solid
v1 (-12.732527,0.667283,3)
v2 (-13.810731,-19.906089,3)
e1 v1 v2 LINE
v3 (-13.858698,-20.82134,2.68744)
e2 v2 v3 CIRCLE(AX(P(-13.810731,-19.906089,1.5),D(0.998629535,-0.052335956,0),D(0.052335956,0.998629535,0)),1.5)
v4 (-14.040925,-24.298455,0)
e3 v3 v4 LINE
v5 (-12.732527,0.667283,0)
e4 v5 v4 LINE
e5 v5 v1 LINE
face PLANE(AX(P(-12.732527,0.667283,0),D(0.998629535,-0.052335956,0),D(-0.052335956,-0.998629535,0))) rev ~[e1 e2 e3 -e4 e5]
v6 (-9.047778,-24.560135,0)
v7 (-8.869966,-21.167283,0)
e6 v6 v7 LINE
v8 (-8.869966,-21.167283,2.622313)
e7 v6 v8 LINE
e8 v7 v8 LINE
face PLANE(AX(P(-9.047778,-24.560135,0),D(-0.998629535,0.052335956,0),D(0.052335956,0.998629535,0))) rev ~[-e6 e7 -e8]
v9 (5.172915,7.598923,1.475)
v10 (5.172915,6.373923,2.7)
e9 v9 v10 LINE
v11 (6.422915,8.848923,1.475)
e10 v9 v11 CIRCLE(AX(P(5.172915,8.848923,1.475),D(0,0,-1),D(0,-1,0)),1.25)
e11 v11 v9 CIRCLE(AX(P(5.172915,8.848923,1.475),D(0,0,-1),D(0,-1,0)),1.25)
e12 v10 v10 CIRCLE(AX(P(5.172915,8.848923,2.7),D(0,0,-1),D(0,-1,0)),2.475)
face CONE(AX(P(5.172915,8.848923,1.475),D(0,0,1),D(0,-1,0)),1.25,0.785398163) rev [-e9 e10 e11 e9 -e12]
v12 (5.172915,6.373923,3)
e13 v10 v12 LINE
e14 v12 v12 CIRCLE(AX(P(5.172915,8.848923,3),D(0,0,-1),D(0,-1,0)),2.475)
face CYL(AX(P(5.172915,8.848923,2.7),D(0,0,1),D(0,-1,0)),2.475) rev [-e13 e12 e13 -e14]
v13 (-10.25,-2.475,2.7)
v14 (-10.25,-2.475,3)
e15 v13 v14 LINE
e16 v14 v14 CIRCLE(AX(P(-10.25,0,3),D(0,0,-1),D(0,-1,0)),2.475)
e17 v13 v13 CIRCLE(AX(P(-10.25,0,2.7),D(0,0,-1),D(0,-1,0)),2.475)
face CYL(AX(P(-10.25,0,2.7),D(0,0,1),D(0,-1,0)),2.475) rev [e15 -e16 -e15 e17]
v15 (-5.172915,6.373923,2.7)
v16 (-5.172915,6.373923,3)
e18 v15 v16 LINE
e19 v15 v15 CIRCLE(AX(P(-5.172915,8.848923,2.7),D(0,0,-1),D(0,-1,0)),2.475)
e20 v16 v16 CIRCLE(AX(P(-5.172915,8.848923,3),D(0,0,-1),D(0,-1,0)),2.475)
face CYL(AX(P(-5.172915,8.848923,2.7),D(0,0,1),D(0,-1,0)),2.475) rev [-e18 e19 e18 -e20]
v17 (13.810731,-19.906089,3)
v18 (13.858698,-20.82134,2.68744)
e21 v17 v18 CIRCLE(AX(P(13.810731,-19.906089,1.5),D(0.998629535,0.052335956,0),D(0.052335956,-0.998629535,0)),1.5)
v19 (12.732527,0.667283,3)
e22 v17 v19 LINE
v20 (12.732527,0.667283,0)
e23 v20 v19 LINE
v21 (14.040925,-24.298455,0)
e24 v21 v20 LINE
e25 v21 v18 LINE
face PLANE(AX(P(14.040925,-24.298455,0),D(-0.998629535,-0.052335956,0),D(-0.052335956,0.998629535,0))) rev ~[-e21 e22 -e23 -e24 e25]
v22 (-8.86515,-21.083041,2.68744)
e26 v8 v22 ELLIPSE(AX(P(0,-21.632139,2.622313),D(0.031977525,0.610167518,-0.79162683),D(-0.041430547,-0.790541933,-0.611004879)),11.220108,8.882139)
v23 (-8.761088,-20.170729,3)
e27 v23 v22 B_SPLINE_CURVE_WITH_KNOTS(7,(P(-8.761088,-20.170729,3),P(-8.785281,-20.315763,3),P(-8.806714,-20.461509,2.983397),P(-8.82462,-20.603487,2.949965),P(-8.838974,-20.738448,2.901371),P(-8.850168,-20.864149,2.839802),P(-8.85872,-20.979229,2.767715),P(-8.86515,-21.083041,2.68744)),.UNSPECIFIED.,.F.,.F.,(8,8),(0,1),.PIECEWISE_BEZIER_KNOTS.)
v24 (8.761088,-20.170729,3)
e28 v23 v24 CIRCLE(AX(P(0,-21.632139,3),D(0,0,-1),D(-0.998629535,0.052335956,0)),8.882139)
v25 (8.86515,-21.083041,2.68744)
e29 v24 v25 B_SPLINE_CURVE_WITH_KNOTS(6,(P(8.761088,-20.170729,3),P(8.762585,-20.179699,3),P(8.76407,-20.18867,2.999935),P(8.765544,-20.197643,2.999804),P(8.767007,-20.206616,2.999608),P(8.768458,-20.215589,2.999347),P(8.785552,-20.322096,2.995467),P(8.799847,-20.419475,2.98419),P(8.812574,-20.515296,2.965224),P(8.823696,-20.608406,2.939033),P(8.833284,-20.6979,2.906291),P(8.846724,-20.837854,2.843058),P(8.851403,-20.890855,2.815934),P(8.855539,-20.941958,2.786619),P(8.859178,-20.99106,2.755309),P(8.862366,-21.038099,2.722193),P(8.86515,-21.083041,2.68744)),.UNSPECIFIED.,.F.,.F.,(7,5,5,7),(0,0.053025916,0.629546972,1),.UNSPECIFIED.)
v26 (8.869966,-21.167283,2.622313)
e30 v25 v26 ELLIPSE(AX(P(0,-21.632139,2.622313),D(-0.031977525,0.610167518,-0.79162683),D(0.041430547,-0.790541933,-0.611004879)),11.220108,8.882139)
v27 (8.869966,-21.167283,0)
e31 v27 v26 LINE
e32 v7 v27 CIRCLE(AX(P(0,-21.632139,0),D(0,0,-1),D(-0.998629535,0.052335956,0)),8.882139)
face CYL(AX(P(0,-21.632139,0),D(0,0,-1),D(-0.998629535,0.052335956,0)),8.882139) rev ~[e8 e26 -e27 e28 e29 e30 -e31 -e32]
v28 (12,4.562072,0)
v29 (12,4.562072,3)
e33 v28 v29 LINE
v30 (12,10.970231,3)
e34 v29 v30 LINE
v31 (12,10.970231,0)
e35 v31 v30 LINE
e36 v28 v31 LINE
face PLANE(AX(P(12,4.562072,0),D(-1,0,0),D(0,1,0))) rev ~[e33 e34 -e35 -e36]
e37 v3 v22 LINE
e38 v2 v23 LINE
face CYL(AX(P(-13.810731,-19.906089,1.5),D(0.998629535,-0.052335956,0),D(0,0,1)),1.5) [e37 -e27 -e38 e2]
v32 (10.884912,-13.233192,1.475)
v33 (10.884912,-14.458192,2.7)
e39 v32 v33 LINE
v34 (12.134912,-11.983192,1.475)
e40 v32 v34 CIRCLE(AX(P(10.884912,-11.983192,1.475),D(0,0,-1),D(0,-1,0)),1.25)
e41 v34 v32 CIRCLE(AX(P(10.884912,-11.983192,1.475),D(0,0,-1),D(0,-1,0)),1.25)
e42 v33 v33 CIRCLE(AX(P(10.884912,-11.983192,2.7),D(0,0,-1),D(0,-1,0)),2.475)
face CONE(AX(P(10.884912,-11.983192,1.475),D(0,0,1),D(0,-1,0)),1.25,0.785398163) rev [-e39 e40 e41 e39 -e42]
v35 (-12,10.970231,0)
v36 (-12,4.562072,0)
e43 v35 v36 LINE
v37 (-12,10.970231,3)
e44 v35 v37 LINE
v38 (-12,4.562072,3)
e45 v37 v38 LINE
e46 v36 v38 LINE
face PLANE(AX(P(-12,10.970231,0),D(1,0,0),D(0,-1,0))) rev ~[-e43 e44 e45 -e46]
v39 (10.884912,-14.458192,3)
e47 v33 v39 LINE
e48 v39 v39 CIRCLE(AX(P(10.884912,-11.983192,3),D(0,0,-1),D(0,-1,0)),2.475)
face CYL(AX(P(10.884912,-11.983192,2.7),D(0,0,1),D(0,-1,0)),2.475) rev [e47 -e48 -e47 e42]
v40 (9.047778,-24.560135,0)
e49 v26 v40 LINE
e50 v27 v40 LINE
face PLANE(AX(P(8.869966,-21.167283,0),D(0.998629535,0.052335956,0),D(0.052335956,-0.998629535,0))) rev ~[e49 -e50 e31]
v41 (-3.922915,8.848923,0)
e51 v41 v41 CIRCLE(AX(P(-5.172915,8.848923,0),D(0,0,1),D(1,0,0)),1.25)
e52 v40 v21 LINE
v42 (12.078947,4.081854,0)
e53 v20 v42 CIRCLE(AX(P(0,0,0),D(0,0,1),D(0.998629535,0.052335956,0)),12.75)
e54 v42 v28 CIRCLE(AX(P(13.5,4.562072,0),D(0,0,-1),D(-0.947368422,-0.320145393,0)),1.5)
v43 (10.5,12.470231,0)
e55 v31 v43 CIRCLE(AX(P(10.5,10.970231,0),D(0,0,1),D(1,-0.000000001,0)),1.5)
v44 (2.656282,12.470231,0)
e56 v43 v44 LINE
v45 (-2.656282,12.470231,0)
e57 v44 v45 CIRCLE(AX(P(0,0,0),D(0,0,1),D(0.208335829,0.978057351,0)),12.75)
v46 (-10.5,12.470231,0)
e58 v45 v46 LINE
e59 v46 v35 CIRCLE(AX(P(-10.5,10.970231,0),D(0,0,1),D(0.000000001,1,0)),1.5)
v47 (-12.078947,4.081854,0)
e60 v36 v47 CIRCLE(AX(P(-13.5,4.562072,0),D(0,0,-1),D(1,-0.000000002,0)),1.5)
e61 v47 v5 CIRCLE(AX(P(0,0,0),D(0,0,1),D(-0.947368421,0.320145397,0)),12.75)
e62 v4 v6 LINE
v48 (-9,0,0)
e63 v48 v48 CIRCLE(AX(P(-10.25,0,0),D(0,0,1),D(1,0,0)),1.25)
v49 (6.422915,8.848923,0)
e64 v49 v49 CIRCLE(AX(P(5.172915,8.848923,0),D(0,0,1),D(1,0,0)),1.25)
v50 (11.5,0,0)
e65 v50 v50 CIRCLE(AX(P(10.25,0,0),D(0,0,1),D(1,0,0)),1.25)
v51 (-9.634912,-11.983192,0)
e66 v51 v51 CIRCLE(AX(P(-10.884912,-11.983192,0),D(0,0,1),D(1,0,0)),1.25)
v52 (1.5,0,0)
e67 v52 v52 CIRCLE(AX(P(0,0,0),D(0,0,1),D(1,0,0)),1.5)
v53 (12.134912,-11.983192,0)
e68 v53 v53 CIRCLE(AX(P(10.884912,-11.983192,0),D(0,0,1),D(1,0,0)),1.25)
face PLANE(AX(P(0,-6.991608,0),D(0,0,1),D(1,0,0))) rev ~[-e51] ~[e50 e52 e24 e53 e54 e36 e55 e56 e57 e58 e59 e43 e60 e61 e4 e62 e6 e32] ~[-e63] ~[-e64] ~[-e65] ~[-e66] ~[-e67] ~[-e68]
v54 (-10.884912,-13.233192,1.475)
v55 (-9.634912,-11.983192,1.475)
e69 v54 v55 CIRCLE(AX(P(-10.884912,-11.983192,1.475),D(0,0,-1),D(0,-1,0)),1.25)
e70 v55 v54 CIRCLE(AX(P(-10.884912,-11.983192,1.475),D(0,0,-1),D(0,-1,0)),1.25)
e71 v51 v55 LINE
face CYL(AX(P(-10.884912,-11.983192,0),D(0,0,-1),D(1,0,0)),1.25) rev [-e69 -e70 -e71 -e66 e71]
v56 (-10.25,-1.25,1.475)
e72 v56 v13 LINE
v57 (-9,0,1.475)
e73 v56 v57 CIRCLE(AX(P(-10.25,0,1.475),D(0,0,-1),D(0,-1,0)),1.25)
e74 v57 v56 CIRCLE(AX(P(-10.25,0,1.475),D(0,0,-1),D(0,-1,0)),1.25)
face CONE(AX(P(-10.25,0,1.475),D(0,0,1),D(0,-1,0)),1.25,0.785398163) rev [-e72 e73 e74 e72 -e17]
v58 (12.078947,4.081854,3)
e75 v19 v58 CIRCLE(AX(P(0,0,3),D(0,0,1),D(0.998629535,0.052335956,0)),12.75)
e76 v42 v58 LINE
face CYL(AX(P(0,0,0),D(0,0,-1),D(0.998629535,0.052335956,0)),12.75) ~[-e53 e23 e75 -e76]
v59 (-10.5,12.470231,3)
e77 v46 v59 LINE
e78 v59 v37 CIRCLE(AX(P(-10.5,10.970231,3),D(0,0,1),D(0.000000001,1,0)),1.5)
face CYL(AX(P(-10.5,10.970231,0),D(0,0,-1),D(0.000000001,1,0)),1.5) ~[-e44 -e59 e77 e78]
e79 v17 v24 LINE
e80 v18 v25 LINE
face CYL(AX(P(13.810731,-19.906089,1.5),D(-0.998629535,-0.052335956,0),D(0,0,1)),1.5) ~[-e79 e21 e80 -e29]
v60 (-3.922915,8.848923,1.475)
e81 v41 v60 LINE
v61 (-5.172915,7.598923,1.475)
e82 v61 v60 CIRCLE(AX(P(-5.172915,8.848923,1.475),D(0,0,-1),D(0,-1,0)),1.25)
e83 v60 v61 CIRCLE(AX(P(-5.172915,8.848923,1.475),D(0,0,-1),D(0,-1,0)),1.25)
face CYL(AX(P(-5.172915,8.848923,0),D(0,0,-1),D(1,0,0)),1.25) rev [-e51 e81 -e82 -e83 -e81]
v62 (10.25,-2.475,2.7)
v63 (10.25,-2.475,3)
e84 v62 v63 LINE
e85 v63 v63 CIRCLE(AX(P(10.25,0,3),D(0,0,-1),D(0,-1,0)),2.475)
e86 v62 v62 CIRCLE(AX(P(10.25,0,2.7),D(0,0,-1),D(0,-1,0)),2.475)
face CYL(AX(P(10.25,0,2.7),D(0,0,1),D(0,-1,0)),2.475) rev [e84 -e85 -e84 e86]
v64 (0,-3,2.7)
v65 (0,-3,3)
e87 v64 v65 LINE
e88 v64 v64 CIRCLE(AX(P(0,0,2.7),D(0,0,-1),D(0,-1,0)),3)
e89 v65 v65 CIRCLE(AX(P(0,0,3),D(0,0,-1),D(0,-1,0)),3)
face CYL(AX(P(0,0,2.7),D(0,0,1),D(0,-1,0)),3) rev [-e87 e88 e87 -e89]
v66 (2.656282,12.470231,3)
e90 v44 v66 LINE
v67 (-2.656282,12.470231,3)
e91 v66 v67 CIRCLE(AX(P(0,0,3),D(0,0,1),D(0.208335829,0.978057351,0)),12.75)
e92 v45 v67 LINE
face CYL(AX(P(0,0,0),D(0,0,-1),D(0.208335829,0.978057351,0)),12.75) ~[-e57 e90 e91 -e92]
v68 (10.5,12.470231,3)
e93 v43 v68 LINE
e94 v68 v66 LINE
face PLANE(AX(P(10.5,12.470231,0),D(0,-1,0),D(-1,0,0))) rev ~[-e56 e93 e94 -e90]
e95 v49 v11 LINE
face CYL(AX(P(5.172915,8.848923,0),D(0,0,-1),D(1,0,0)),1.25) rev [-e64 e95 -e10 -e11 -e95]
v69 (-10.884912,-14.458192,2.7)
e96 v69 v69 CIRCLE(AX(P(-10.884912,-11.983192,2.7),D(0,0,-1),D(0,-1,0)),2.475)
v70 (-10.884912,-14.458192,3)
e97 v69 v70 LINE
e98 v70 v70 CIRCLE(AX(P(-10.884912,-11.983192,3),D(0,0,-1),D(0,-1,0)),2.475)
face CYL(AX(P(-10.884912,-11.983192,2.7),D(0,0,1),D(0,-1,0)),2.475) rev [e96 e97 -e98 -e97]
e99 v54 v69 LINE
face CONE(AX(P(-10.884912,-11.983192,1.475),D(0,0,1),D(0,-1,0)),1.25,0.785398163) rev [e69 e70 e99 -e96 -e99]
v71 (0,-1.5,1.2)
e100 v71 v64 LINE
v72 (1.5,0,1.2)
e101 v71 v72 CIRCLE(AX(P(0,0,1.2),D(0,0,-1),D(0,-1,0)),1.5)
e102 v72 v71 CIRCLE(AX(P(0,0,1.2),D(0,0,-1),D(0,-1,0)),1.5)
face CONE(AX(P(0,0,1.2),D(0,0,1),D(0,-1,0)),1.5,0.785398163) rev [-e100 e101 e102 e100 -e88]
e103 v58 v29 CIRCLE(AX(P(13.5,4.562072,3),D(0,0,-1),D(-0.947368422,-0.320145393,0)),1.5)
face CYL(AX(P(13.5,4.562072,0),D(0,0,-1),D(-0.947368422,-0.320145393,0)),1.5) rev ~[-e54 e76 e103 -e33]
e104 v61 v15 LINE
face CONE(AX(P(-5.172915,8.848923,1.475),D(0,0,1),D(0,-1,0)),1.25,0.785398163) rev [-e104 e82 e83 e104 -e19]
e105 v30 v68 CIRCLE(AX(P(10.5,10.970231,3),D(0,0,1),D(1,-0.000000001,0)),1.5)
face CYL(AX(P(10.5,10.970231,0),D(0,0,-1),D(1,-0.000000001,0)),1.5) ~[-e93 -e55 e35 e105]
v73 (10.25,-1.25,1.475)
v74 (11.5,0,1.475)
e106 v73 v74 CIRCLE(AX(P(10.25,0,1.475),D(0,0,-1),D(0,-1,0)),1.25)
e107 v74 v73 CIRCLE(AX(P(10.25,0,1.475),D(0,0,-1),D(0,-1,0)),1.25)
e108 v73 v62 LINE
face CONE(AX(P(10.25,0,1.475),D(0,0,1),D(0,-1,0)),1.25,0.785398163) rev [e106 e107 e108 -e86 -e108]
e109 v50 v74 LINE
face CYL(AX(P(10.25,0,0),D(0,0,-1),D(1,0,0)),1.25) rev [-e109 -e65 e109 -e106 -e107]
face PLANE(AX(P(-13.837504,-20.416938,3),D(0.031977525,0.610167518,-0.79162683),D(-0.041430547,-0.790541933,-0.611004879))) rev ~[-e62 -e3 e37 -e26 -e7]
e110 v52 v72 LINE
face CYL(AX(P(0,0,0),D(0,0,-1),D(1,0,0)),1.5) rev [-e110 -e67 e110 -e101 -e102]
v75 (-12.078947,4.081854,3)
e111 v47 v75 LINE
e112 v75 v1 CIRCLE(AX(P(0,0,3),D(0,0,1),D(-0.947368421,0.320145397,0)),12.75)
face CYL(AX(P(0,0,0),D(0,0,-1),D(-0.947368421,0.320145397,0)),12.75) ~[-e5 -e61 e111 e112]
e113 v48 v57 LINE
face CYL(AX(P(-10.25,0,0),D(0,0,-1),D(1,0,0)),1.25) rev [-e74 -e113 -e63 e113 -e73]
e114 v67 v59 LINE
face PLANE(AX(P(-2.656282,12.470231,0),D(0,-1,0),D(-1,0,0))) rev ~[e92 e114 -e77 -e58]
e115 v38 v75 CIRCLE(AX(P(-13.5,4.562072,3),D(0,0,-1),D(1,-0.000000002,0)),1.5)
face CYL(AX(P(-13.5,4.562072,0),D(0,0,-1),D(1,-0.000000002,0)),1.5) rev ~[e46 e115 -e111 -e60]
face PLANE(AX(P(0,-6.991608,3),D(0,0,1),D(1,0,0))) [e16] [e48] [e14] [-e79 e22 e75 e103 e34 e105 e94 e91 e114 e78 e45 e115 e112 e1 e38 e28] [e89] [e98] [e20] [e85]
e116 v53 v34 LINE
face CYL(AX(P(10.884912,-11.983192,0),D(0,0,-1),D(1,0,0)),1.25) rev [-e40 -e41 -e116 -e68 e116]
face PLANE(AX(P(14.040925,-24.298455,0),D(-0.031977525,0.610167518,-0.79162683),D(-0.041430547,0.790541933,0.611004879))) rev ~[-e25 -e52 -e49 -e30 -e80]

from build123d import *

# Parameters (mm, degrees)
SKETCH1_R                                      = 1.25
SKETCH1_R_2                                    = 1.5
BOSS_EXTRUDE1_DEPTH                            = 3
CSK_FOR_M2_5_FLAT_HEAD_MACHINE_SCREW2_AT_COUNT = 2
CSK_FOR_M2_5_FLAT_HEAD_MACHINE_SCREW2_AT_PITCH = 10.201972061
CSK_FOR_M2_5_FLAT_HEAD_MACHINE_SCREW_2_COUNT   = 2
CSK_FOR_M2_5_FLAT_HEAD_MACHINE_SCREW_2_PITCH   = 17.781163237
CSK_FOR_M2_5_FLAT_HEAD_MACHINE_SCREW_3_COUNT   = 2
CSK_FOR_M2_5_FLAT_HEAD_MACHINE_SCREW_3_PITCH   = 20.5
CSK_FOR_M2_5_FLAT_HEAD_MACHINE_SCREW_4_COUNT   = 2
CSK_FOR_M2_5_FLAT_HEAD_MACHINE_SCREW_4_PITCH   = 12
CSK_FOR_M2_5_FLAT_HEAD_MACHINE_SCREW_5_COUNT   = 2
CSK_FOR_M2_5_FLAT_HEAD_MACHINE_SCREW_5_PITCH   = 24.295707673
CUT_EXTRUDE4_REACH                             = 38.909
CUT_EXTRUDE5_REACH                             = 38.909
FILLET2_R                                      = 1.5


with BuildPart() as part:
    # Sketch1 → Boss-Extrude1 (new body)
    with BuildSketch(Plane.XY):
        with BuildLine():
            ThreePointArc((12.078947368, 4.081853803), (12.019868427, 4.318739766), (12, 4.562071898))
            Line((12, 4.562071898), (12, 10.970231229))
            ThreePointArc((12, 10.970231229), (11.560660172, 12.030891401), (10.5, 12.470231229))
            Line((10.5, 12.470231229), (2.656281818, 12.470231229))
            ThreePointArc((2.656281818, 12.470231229), (0, 12.75), (-2.656281818, 12.470231229))
            Line((-2.656281818, 12.470231229), (-10.5, 12.470231229))
            ThreePointArc((-10.5, 12.470231229), (-11.560660172, 12.030891401), (-12, 10.970231229))
            Line((-12, 10.970231229), (-12, 4.562071898))
            ThreePointArc((-12, 4.562071898), (-12.019868427, 4.318739766), (-12.078947368, 4.081853803))
            ThreePointArc((-12.078947368, 4.081853803), (-12.522664749, 2.396949642), (-12.732526568, 0.667283442))
            Line((-12.732526568, 0.667283442), (-14.040925474, -24.298454927))
            Line((-14.040925474, -24.298454927), (-9.0477778, -24.560134708))
            Line((-9.0477778, -24.560134708), (-8.869966, -21.167283442))
            ThreePointArc((-8.869966, -21.167283442), (0, -12.75), (8.869966, -21.167283442))
            Line((8.869966, -21.167283442), (9.0477778, -24.560134708))
            Line((9.0477778, -24.560134708), (14.040925474, -24.298454927))
            Line((14.040925474, -24.298454927), (12.732526568, 0.667283442))
            ThreePointArc((12.732526568, 0.667283442), (12.522664749, 2.396949642), (12.078947368, 4.081853803))
        make_face()
        with Locations((5.172915418, 8.848923442)):
            Circle(SKETCH1_R, mode=Mode.SUBTRACT)
        with Locations((10.25, 0)):
            Circle(SKETCH1_R, mode=Mode.SUBTRACT)
        with Locations((10.884912472, -11.983191818)):
            Circle(SKETCH1_R, mode=Mode.SUBTRACT)
        Circle(SKETCH1_R_2, mode=Mode.SUBTRACT)
        with Locations((-10.25, 0)):
            Circle(SKETCH1_R, mode=Mode.SUBTRACT)
        with Locations((-5.172915418, 8.848923442)):
            Circle(SKETCH1_R, mode=Mode.SUBTRACT)
        with Locations((-10.884912472, -11.983191818)):
            Circle(SKETCH1_R, mode=Mode.SUBTRACT)
    extrude(amount=BOSS_EXTRUDE1_DEPTH)

    # Sketch3 → CSK for M3 Flat Head Machine Screw1 (revolve, cut)
    with BuildSketch(Plane(origin=(0, 0, 3), x_dir=(0, -1, 0), z_dir=(1, 0, 0))):
        Polygon((0, 0), (0, 5.901290929), (1.5, 5), (1.5, 1.8), (3, 0.3), (3, 0), align=None)
    revolve(axis=Axis((0, 0, 9.35), (0, 0, -1)), mode=Mode.SUBTRACT)

    # Sketch6 → CSK for M2.5 Flat Head Machine Screw2 (revolve, cut)
    with BuildSketch(Plane(origin=(-10.25, 0, 3), x_dir=(0, -1, 0), z_dir=(1, 0, 0))):
        Polygon((0, 0), (0, 5.751075774), (1.25, 5), (1.25, 1.525), (2.475, 0.3), (2.475, 0), align=None)
    csk_for_m2_5_flat_head_machine_screw2 = revolve(axis=Axis((-10.25, 0, 9.35), (0, 0, -1)), mode=Mode.SUBTRACT)

    # CSK for M2.5 Flat Head Machine Screw2 at: CSK for M2.5 Flat Head Machine Screw2 ×2
    with Locations(*[Vector(0.4976571736965763, 0.8673738164530538, 0) * (i * CSK_FOR_M2_5_FLAT_HEAD_MACHINE_SCREW2_AT_PITCH) for i in range(1, CSK_FOR_M2_5_FLAT_HEAD_MACHINE_SCREW2_AT_COUNT)]):
        add(csk_for_m2_5_flat_head_machine_screw2, mode=Mode.SUBTRACT)

    # CSK for M2.5 Flat Head Machine Screw 2: CSK for M2.5 Flat Head Machine Screw2 ×2
    with Locations(*[Vector(0.8673738164530539, 0.497657173696576, 0) * (i * CSK_FOR_M2_5_FLAT_HEAD_MACHINE_SCREW_2_PITCH) for i in range(1, CSK_FOR_M2_5_FLAT_HEAD_MACHINE_SCREW_2_COUNT)]):
        add(csk_for_m2_5_flat_head_machine_screw2, mode=Mode.SUBTRACT)

    # CSK for M2.5 Flat Head Machine Screw 3: CSK for M2.5 Flat Head Machine Screw2 ×2
    with Locations(*[(i * CSK_FOR_M2_5_FLAT_HEAD_MACHINE_SCREW_3_PITCH, 0, 0) for i in range(1, CSK_FOR_M2_5_FLAT_HEAD_MACHINE_SCREW_3_COUNT)]):
        add(csk_for_m2_5_flat_head_machine_screw2, mode=Mode.SUBTRACT)

    # CSK for M2.5 Flat Head Machine Screw 4: CSK for M2.5 Flat Head Machine Screw2 ×2
    with Locations(*[Vector(-0.05290937262723391, -0.9985993181893289, 0) * (i * CSK_FOR_M2_5_FLAT_HEAD_MACHINE_SCREW_4_PITCH) for i in range(1, CSK_FOR_M2_5_FLAT_HEAD_MACHINE_SCREW_4_COUNT)]):
        add(csk_for_m2_5_flat_head_machine_screw2, mode=Mode.SUBTRACT)

    # CSK for M2.5 Flat Head Machine Screw 5: CSK for M2.5 Flat Head Machine Screw2 ×2
    with Locations(*[Vector(0.8699031432206916, -0.4932225881027359, 0) * (i * CSK_FOR_M2_5_FLAT_HEAD_MACHINE_SCREW_5_PITCH) for i in range(1, CSK_FOR_M2_5_FLAT_HEAD_MACHINE_SCREW_5_COUNT)]):
        add(csk_for_m2_5_flat_head_machine_screw2, mode=Mode.SUBTRACT)

    # Sketch10 → Cut-Extrude4 (cut, up to next)
    with BuildSketch(Plane(origin=(12.732526568, 0.667283442, 0), x_dir=(0, 0, -1), z_dir=(0.9986295347545739, 0.052335956242944286, 0)), mode=Mode.PRIVATE) as cut_extrude4_sk1:
        Polygon((-3, -25), (0, -25), (-3, -21.113156261), align=None)
    cut_extrude4_tool1 = extrude(cut_extrude4_sk1.sketch, amount=-CUT_EXTRUDE4_REACH, mode=Mode.PRIVATE) & part.part
    add(cut_extrude4_tool1.solids().sort_by_distance((13.973118, -23.004616, 2))[0], mode=Mode.SUBTRACT)

    # Sketch11 → Cut-Extrude5 (cut, up to next)
    with BuildSketch(Plane(origin=(-12.732526568, 0.667283442, 0), x_dir=(0, 0, 1), z_dir=(-0.9986295347545739, 0.052335956242944716, 0)), mode=Mode.PRIVATE) as cut_extrude5_sk1:
        Polygon((3, -21.113156261), (0, -25), (3, -25), align=None)
    cut_extrude5_tool1 = extrude(cut_extrude5_sk1.sketch, amount=-CUT_EXTRUDE5_REACH, mode=Mode.PRIVATE) & part.part
    add(cut_extrude5_tool1.solids().sort_by_distance((-13.973118, -23.004616, 2))[0], mode=Mode.SUBTRACT)

    # Fillet2
    fillet2_edges = [part.edges().sort_by_distance(p)[0] for p in [
        (11.334194425, -20.548130857, 3),
        (-11.334194425, -20.548130857, 3),
    ]]
    fillet(fillet2_edges, radius=FILLET2_R)


solid = part.part
